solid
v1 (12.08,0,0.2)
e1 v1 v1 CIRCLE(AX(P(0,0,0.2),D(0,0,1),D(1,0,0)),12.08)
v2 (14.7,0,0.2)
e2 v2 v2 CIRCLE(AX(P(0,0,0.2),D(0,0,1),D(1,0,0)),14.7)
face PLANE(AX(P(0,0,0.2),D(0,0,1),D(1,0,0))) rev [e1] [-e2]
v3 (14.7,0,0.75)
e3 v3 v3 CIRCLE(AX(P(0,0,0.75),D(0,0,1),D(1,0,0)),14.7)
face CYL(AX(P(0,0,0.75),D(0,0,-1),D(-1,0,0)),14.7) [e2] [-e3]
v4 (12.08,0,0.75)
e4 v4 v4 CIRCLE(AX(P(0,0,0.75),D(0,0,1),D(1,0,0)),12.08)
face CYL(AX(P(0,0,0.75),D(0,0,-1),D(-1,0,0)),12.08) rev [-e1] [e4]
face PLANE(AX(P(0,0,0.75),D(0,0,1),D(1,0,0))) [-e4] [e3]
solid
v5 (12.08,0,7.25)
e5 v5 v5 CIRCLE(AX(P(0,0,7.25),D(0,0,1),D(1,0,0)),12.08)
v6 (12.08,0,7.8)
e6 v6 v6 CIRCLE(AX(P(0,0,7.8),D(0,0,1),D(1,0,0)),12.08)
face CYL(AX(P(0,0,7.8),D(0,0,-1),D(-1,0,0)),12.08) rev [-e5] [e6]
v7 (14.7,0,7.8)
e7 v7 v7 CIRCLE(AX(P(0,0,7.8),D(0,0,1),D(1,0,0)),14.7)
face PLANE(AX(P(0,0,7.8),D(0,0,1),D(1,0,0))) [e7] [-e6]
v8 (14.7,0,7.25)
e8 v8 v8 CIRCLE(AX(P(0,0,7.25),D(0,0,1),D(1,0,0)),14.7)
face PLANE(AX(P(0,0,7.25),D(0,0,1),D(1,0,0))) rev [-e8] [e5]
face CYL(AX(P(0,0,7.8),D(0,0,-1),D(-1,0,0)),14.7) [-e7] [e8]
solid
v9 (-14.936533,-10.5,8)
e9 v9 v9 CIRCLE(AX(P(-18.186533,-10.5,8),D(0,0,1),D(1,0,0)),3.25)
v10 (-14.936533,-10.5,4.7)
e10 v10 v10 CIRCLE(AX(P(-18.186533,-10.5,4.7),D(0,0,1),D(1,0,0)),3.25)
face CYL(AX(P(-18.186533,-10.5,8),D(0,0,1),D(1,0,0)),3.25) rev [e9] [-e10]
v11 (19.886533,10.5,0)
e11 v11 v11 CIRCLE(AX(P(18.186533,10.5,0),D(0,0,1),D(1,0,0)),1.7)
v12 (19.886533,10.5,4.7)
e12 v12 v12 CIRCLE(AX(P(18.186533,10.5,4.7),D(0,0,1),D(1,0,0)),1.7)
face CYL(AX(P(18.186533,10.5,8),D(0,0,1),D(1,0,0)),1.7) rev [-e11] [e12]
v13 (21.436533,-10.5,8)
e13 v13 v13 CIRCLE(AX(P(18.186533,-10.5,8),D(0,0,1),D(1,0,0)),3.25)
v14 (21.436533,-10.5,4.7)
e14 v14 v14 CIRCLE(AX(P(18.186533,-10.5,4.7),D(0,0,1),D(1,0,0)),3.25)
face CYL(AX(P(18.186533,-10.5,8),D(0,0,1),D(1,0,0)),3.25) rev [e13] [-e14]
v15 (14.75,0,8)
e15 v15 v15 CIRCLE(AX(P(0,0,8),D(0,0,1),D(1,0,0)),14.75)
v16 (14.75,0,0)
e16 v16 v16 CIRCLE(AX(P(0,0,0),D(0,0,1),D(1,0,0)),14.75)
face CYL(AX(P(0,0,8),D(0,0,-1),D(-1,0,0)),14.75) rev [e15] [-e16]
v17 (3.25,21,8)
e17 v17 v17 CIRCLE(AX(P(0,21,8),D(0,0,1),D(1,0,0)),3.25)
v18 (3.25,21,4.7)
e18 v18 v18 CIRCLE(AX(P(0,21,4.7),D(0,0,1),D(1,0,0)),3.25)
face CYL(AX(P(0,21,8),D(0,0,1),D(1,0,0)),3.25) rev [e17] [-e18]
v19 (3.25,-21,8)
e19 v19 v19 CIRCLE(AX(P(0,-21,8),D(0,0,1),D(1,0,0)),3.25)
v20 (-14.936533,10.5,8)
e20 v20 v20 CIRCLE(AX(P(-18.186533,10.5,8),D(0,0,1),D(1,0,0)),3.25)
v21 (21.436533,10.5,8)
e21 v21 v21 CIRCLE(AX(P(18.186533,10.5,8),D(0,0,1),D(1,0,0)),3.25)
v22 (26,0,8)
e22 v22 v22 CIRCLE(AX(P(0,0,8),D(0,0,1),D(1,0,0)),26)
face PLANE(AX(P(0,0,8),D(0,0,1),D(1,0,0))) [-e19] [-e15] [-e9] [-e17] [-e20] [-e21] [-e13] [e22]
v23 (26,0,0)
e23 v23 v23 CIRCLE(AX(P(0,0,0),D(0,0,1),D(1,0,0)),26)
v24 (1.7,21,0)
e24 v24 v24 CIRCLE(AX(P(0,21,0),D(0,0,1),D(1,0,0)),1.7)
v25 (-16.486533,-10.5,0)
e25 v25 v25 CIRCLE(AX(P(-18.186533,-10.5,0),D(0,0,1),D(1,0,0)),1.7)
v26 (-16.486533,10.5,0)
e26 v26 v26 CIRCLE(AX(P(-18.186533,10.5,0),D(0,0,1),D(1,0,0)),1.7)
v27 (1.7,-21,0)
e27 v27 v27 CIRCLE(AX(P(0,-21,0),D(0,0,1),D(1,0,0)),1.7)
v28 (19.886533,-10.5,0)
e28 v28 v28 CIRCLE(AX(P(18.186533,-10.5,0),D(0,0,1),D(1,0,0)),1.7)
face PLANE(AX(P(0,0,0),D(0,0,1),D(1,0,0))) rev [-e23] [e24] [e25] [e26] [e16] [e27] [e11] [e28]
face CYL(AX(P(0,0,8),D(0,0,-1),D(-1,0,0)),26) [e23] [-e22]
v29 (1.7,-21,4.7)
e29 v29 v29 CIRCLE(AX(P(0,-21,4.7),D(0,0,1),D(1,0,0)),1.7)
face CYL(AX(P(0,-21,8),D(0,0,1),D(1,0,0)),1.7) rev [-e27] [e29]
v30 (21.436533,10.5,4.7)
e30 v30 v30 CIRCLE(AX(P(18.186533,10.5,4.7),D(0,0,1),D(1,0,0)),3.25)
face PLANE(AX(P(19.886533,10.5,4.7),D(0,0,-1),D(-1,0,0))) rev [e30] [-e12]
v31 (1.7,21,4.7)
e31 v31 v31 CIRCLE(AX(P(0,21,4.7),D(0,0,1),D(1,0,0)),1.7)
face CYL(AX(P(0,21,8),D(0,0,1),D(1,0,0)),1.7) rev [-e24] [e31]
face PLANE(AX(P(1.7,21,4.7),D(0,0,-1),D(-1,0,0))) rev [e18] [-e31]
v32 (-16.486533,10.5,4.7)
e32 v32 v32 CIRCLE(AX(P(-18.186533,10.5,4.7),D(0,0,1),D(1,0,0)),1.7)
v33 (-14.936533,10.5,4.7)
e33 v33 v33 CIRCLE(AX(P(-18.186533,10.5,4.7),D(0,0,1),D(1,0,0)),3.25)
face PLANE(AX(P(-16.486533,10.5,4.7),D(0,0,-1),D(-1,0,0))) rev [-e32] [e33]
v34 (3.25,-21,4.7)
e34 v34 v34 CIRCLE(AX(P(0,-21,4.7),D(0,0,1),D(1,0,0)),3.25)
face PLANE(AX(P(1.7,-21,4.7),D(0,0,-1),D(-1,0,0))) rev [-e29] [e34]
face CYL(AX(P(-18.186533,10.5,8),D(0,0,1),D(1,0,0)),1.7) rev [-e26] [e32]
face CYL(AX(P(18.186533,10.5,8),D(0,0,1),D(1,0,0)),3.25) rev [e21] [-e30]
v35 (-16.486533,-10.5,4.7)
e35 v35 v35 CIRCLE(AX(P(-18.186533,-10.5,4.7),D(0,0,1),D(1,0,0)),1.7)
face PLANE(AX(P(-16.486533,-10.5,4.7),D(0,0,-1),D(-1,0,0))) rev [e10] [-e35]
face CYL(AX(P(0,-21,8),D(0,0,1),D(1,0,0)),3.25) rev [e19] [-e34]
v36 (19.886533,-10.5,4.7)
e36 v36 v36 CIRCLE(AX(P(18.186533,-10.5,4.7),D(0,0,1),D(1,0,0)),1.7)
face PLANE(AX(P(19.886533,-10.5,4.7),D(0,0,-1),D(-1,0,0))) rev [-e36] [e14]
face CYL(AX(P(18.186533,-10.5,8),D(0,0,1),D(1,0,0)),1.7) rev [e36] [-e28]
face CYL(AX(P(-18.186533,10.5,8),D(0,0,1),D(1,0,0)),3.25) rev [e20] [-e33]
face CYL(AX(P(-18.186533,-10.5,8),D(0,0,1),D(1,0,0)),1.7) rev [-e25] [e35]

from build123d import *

# Parameters (mm, degrees)
D52_D29_5_8_2_R                    = 26
D52_D29_5_8_2_R_2                  = 14.75
D52_D29_5_8_DEPTH                  = 8
D10_D24_8_2_R                      = 12
D10_D24_8_2_R_2                    = 5
D10_D24_8_DEPTH                    = 8
F_6XD3_4_D6_5_3_3_PCD42_AT_2_COUNT = 2
F_6XD3_4_D6_5_3_3_PCD42_AT_2_PITCH = 21
F_6XD3_4_D6_5_3_3_PCD42_AT_3_COUNT = 2
F_6XD3_4_D6_5_3_3_PCD42_AT_3_PITCH = 36.373066959
F_6XD3_4_D6_5_3_3_PCD42_AT_4_COUNT = 2
F_6XD3_4_D6_5_3_3_PCD42_AT_4_PITCH = 42
F_6XD3_4_D6_5_3_3_PCD42_AT_5_COUNT = 2
F_6XD3_4_D6_5_3_3_PCD42_AT_5_PITCH = 36.373066959
F_6XD3_4_D6_5_3_3_PCD42_AT_6_COUNT = 2
F_6XD3_4_D6_5_3_3_PCD42_AT_6_PITCH = 21
SKETCH_6_W                         = 1.25
SKETCH_6_H                         = 8
F_4XM3X0_5_PCD16_AT_2_COUNT        = 2
F_4XM3X0_5_PCD16_AT_2_PITCH        = 11.313708499
F_4XM3X0_5_PCD16_AT_3_COUNT        = 2
F_4XM3X0_5_PCD16_AT_3_PITCH        = 16
F_4XM3X0_5_PCD16_AT_4_COUNT        = 2
F_4XM3X0_5_PCD16_AT_4_PITCH        = 11.313708499
EXTRUDE_START                      = 7.25
SKETCH_2032_R                      = 14.7
SKETCH_2032_R_2                    = 12.08
EXTRUDE_2043_DEPTH                 = 0.55
EXTRUDE_START_2                    = 0.2
SKETCH_2080_R                      = 14.7
SKETCH_2080_R_2                    = 12.08
EXTRUDE_2091_DEPTH                 = 0.55


with BuildPart() as part:
    # D52__D29.5__8 2 → D52__D29.5__8 (new body)
    with BuildSketch(Plane.XY):
        Circle(D52_D29_5_8_2_R)
        Circle(D52_D29_5_8_2_R_2, mode=Mode.SUBTRACT)
    extrude(amount=D52_D29_5_8_DEPTH)

    # 草图4 → 外圈_6xD3.4通孔_D6.5沉孔深3.3_PCD42 (revolve, cut)
    with BuildSketch(Plane(origin=(18.186533479, 10.5, 8), x_dir=(0, -1, 0), z_dir=(1, 0, 0))):
        Polygon((0, 0), (0, 8), (1.7, 8), (1.7, 3.3), (3.25, 3.3), (3.25, 0), align=None)
    f_6xd3_4_d6_5_3_3_pcd42 = revolve(axis=Axis((18.186533479, 10.5, 14.35), (0, 0, -1)), mode=Mode.SUBTRACT)

    # 外圈_6xD3.4通孔_D6.5沉孔深3.3_PCD42 at 2: 外圈_6xD3.4通孔_D6.5沉孔深3.3_PCD42 ×2
    with Locations(*[(0, -i * F_6XD3_4_D6_5_3_3_PCD42_AT_2_PITCH, 0) for i in range(1, F_6XD3_4_D6_5_3_3_PCD42_AT_2_COUNT)]):
        add(f_6xd3_4_d6_5_3_3_pcd42, mode=Mode.SUBTRACT)

    # 外圈_6xD3.4通孔_D6.5沉孔深3.3_PCD42 at 3: 外圈_6xD3.4通孔_D6.5沉孔深3.3_PCD42 ×2
    with Locations(*[Vector(-0.5000000000000001, -0.8660254037844386, 0) * (i * F_6XD3_4_D6_5_3_3_PCD42_AT_3_PITCH) for i in range(1, F_6XD3_4_D6_5_3_3_PCD42_AT_3_COUNT)]):
        add(f_6xd3_4_d6_5_3_3_pcd42, mode=Mode.SUBTRACT)

    # 外圈_6xD3.4通孔_D6.5沉孔深3.3_PCD42 at 4: 外圈_6xD3.4通孔_D6.5沉孔深3.3_PCD42 ×2
    with Locations(*[Vector(-0.8660254037844387, -0.49999999999999983, 0) * (i * F_6XD3_4_D6_5_3_3_PCD42_AT_4_PITCH) for i in range(1, F_6XD3_4_D6_5_3_3_PCD42_AT_4_COUNT)]):
        add(f_6xd3_4_d6_5_3_3_pcd42, mode=Mode.SUBTRACT)

    # 外圈_6xD3.4通孔_D6.5沉孔深3.3_PCD42 at 5: 外圈_6xD3.4通孔_D6.5沉孔深3.3_PCD42 ×2
    with Locations(*[(-i * F_6XD3_4_D6_5_3_3_PCD42_AT_5_PITCH, 0, 0) for i in range(1, F_6XD3_4_D6_5_3_3_PCD42_AT_5_COUNT)]):
        add(f_6xd3_4_d6_5_3_3_pcd42, mode=Mode.SUBTRACT)

    # 外圈_6xD3.4通孔_D6.5沉孔深3.3_PCD42 at 6: 外圈_6xD3.4通孔_D6.5沉孔深3.3_PCD42 ×2
    with Locations(*[Vector(-0.8660254037844387, 0.5, 0) * (i * F_6XD3_4_D6_5_3_3_PCD42_AT_6_PITCH) for i in range(1, F_6XD3_4_D6_5_3_3_PCD42_AT_6_COUNT)]):
        add(f_6xd3_4_d6_5_3_3_pcd42, mode=Mode.SUBTRACT)


with BuildPart() as body_2:
    # D10__D24__8 2 → D10__D24__8 (new body)
    with BuildSketch(Plane.XY):
        Circle(D10_D24_8_2_R)
        Circle(D10_D24_8_2_R_2, mode=Mode.SUBTRACT)
    extrude(amount=D10_D24_8_DEPTH)

    # 草图6 → 内圈_4xM3x0.5通螺纹_PCD16 (revolve, cut)
    with BuildSketch(Plane(origin=(5.656854249, -5.656854249, 8), x_dir=(0, -1, 0), z_dir=(1, 0, 0))):
        with Locations((0.625, 4)):
            Rectangle(SKETCH_6_W, SKETCH_6_H)
    f_4xm3x0_5_pcd16 = revolve(axis=Axis((5.656854249, -5.656854249, 14.35), (0, 0, -1)), mode=Mode.SUBTRACT)

    # 内圈_4xM3x0.5通螺纹_PCD16 at 2: 内圈_4xM3x0.5通螺纹_PCD16 ×2
    with Locations(*[(-i * F_4XM3X0_5_PCD16_AT_2_PITCH, 0, 0) for i in range(1, F_4XM3X0_5_PCD16_AT_2_COUNT)]):
        add(f_4xm3x0_5_pcd16, mode=Mode.SUBTRACT)

    # 内圈_4xM3x0.5通螺纹_PCD16 at 3: 内圈_4xM3x0.5通螺纹_PCD16 ×2
    with Locations(*[Vector(-0.7071067811865475, 0.7071067811865477, 0) * (i * F_4XM3X0_5_PCD16_AT_3_PITCH) for i in range(1, F_4XM3X0_5_PCD16_AT_3_COUNT)]):
        add(f_4xm3x0_5_pcd16, mode=Mode.SUBTRACT)

    # 内圈_4xM3x0.5通螺纹_PCD16 at 4: 内圈_4xM3x0.5通螺纹_PCD16 ×2
    with Locations(*[(0, i * F_4XM3X0_5_PCD16_AT_4_PITCH, 0) for i in range(1, F_4XM3X0_5_PCD16_AT_4_COUNT)]):
        add(f_4xm3x0_5_pcd16, mode=Mode.SUBTRACT)


with BuildPart() as body_3:
    # Sketch 2032 → Extrude 2043 (new body)
    with BuildSketch(Plane.XY.offset(EXTRUDE_START)):
        Circle(SKETCH_2032_R)
        Circle(SKETCH_2032_R_2, mode=Mode.SUBTRACT)
    extrude(amount=EXTRUDE_2043_DEPTH)


with BuildPart() as body_4:
    # Sketch 2080 → Extrude 2091 (new body)
    with BuildSketch(Plane.XY.offset(EXTRUDE_START_2)):
        Circle(SKETCH_2080_R)
        Circle(SKETCH_2080_R_2, mode=Mode.SUBTRACT)
    extrude(amount=EXTRUDE_2091_DEPTH)


solid = Compound([part.part, body_3.part, body_4.part])
